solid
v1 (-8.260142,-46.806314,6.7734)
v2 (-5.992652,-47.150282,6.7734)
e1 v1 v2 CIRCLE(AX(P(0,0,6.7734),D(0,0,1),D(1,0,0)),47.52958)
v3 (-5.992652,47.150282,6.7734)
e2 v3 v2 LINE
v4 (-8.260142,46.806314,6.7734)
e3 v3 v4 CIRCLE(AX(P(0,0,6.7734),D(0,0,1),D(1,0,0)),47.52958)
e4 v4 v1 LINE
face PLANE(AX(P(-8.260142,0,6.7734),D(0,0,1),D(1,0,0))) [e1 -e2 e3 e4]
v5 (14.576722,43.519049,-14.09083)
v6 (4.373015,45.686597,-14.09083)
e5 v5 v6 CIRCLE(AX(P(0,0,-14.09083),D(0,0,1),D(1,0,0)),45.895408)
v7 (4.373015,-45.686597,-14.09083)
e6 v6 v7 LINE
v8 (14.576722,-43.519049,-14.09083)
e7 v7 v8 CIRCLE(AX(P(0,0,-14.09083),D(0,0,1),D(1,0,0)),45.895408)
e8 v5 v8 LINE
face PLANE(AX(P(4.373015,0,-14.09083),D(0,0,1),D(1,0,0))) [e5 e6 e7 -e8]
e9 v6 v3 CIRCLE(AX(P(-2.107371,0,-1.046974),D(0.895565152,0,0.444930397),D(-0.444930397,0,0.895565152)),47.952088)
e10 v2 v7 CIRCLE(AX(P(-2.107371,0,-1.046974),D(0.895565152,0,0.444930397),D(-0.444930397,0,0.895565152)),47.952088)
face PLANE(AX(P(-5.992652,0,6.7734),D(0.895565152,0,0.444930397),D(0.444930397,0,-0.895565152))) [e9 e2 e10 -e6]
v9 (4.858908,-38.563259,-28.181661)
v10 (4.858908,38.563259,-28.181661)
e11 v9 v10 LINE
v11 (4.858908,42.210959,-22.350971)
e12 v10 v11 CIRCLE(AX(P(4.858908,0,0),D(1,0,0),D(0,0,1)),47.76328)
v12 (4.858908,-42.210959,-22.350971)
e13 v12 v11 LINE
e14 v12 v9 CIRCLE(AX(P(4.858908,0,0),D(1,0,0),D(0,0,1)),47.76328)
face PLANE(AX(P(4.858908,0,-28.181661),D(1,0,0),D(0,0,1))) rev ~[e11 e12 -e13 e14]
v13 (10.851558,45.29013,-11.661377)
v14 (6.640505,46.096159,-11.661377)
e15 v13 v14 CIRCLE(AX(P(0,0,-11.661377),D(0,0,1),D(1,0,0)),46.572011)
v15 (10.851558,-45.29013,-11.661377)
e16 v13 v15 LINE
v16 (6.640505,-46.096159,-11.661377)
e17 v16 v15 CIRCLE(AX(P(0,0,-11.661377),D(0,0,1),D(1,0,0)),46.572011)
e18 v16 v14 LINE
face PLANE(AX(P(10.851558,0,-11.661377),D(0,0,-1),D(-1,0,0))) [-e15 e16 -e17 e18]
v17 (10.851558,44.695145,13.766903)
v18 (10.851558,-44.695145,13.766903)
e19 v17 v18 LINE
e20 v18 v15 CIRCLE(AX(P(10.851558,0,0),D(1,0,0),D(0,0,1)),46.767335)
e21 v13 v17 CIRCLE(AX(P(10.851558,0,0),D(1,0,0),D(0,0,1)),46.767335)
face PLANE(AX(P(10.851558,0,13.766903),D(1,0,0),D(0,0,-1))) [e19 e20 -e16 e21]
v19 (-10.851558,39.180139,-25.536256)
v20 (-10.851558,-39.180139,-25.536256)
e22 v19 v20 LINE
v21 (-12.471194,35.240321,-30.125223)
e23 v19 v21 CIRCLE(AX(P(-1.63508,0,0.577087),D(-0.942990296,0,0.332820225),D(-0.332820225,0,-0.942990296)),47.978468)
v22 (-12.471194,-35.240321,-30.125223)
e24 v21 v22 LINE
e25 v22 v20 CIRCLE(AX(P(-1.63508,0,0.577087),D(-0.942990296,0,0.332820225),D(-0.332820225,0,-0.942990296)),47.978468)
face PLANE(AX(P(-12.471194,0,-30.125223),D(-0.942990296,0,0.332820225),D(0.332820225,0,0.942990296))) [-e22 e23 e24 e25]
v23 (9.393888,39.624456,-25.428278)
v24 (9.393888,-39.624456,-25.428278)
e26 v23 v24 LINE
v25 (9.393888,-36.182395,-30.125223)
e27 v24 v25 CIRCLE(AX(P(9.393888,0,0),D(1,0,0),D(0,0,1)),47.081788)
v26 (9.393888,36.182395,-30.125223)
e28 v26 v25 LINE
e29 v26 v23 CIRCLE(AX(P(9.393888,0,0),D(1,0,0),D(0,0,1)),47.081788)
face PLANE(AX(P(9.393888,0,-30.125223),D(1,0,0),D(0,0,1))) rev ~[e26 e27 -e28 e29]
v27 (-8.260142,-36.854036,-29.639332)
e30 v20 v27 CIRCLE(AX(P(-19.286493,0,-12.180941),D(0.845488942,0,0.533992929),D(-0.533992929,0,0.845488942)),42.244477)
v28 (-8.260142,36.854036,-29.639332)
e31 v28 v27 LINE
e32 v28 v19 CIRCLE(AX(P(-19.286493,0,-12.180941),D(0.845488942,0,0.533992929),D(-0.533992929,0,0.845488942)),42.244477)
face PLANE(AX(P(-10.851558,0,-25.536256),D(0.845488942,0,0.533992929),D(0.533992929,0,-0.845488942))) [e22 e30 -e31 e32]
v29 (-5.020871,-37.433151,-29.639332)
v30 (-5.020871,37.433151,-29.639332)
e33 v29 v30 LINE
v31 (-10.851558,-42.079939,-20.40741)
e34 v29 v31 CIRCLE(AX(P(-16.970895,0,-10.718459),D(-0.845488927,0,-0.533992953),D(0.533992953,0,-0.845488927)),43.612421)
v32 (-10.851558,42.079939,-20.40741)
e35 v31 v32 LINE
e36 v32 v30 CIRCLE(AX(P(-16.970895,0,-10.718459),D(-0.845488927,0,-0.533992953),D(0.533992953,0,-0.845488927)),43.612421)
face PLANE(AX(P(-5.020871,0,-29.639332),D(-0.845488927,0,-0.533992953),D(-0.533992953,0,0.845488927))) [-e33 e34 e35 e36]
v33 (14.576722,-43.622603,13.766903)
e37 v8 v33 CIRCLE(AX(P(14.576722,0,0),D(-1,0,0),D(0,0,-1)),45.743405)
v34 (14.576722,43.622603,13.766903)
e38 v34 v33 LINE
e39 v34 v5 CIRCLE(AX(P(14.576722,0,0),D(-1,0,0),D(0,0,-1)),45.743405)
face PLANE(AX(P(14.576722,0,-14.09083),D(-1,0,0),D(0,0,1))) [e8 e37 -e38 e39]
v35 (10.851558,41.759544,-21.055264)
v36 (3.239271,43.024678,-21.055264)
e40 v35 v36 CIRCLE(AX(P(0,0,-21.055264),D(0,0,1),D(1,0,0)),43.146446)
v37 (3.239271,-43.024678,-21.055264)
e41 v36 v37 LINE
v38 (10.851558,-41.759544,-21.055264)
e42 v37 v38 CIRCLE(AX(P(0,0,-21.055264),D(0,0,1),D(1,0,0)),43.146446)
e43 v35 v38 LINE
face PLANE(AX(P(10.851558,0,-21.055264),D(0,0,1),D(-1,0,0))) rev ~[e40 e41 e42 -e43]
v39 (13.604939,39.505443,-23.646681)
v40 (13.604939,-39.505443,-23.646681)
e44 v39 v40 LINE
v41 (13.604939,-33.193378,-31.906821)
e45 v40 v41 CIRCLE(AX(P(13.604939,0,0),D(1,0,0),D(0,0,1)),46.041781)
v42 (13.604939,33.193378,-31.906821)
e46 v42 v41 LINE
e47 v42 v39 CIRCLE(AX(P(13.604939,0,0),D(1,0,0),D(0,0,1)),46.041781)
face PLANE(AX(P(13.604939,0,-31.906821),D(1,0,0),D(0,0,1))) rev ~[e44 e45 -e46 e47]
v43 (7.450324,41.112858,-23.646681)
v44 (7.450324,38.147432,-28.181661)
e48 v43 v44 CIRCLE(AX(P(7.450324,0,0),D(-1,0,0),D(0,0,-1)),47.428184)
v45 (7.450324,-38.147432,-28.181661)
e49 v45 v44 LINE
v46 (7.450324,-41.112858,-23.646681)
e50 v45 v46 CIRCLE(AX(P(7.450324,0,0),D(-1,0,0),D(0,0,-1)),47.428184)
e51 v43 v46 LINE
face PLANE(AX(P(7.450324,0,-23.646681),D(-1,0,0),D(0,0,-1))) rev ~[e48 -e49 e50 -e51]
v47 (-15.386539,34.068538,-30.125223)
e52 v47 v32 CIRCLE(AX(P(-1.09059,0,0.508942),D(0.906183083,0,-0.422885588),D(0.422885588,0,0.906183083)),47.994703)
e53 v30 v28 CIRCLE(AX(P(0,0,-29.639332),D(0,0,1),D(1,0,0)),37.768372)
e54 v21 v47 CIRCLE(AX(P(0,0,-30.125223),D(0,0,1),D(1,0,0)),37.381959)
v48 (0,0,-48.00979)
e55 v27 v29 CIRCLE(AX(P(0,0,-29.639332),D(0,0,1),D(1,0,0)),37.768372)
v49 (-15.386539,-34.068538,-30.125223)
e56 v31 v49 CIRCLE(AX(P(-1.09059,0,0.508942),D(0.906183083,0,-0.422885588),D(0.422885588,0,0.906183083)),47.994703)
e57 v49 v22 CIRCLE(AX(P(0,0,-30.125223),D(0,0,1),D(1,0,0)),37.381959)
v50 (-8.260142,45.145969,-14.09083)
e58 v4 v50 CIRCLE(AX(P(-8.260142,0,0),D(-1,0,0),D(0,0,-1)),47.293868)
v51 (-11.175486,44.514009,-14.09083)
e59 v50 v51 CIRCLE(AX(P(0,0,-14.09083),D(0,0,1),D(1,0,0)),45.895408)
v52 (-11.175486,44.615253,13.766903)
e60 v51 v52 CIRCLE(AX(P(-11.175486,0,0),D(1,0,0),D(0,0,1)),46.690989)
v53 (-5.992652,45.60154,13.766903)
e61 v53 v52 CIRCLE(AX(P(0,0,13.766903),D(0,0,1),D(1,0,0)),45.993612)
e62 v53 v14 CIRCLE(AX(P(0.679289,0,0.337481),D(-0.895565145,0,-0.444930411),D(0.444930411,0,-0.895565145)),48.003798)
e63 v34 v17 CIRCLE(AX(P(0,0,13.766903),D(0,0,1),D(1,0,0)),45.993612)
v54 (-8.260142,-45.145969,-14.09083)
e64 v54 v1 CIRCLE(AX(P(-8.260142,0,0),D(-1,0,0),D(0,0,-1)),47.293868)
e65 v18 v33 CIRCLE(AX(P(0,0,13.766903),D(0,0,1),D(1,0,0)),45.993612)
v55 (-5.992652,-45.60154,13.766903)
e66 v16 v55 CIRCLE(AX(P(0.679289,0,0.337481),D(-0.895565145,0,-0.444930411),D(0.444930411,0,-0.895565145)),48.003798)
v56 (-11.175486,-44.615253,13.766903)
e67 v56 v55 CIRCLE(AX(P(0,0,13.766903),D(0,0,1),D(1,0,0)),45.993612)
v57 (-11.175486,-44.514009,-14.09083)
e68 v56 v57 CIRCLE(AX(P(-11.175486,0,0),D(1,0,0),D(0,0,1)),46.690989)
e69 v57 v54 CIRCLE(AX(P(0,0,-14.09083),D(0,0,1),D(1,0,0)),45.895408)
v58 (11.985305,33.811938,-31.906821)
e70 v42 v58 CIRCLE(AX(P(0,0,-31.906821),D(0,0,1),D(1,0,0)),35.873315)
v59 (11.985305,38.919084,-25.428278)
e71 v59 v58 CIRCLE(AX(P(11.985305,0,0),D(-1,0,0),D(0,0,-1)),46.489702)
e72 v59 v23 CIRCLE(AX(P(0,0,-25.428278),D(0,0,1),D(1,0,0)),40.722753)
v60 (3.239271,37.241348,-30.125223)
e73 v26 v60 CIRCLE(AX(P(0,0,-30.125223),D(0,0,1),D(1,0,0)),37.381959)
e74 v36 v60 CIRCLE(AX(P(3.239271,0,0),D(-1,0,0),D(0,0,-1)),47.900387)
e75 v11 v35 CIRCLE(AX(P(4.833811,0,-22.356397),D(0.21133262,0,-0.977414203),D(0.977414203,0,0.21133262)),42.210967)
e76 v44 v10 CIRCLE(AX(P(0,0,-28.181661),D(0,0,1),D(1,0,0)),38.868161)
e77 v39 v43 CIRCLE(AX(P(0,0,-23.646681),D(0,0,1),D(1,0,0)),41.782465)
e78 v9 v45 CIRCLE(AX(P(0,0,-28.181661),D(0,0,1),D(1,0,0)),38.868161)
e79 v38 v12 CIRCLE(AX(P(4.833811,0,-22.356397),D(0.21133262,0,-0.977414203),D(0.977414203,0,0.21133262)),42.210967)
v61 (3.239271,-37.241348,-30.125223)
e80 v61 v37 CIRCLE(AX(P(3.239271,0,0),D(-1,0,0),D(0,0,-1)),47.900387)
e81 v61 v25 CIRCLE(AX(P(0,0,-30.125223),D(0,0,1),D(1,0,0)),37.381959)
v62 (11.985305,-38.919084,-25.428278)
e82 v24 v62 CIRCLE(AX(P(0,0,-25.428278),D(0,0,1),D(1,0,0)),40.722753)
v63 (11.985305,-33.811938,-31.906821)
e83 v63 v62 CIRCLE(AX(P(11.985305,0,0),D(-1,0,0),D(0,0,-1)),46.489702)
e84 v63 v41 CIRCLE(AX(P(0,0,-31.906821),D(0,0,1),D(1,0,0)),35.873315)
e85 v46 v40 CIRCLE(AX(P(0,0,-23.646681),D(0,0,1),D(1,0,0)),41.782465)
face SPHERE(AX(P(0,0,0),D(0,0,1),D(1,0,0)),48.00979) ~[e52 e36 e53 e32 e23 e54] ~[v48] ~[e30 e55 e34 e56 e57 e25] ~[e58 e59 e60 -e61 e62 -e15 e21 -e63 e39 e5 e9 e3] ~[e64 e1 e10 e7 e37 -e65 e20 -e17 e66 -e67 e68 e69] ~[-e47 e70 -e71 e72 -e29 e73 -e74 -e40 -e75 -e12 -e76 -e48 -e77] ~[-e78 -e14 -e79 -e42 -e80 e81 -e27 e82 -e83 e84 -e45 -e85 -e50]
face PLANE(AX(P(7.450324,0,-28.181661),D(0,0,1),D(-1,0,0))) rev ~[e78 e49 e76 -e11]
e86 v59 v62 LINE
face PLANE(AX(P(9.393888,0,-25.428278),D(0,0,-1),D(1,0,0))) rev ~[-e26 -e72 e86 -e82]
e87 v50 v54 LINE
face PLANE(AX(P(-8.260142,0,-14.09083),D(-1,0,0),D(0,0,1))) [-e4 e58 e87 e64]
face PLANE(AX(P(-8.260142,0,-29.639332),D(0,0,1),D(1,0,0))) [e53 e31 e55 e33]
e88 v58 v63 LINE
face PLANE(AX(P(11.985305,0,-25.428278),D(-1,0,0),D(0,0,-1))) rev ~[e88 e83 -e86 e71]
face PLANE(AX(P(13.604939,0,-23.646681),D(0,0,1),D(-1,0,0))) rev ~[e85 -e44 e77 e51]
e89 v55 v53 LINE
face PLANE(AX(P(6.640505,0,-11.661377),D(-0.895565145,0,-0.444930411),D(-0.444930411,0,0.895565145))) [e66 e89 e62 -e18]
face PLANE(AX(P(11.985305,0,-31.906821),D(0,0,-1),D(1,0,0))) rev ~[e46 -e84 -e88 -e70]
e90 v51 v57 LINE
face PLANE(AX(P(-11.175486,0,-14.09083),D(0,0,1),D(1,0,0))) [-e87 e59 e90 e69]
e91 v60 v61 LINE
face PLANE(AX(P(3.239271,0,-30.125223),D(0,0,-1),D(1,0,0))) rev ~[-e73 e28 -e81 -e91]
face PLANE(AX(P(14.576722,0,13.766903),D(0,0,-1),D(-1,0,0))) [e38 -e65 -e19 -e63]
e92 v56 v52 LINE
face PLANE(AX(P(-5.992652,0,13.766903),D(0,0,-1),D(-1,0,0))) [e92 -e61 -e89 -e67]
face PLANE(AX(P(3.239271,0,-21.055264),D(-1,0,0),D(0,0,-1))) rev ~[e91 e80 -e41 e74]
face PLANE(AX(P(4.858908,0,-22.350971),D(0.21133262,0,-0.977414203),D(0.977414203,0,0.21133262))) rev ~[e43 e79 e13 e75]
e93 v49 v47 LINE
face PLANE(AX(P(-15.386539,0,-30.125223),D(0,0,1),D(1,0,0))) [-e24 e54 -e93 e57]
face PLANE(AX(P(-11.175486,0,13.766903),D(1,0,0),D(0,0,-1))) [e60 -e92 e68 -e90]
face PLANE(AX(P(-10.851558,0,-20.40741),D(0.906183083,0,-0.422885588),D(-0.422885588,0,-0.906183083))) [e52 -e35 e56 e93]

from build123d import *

# Parameters (mm, degrees)
F3_DEPTH = 63.5


with BuildPart() as f1:
    # F0 (on Front) → F1 (revolve)
    with BuildSketch(Plane.XZ):
        with BuildLine():
            ThreePointArc((0, -48.00979), (48.00979, 0), (0, 48.00979))
            Line((0, 48.00979), (0, -48.00979))
        make_face()
    revolve(axis=Axis((0, 0, 0), (0, 0, -1)))

    # F2 (on Front) → F3 (cut, symmetric)
    with BuildSketch(Plane.XZ):
        Polygon((-11.175486, 13.766903), (-11.175486, -11.661377), (-11.175486, -14.09083), (-8.260142, -14.09083), (-8.260142, 6.7734), (-5.992652, 6.7734), (4.373015, -14.09083), (14.576722, -14.09083), (14.576722, 13.766903), (10.851558, 13.766903), (10.851558, -11.661377), (6.640505, -11.661377), (-5.992652, 13.766903), align=None)
        Polygon((-15.386539, -30.125223), (-12.471194, -30.125223), (-10.851558, -25.536256), (-8.260142, -29.639332), (-5.020871, -29.639332), (-10.851558, -20.40741), align=None)
        Polygon((4.858908, -22.350971), (10.851558, -21.055264), (3.239271, -21.055264), (3.239271, -30.125223), (9.393888, -30.125223), (9.393888, -25.428278), (11.985305, -25.428278), (11.985305, -31.906821), (13.604939, -31.906821), (13.604939, -23.646681), (9.393888, -23.646681), (7.450324, -23.646681), (7.450324, -28.181661), (4.858908, -28.181661), align=None)
    extrude(amount=F3_DEPTH, both=True, mode=Mode.SUBTRACT)


solid = f1.part
